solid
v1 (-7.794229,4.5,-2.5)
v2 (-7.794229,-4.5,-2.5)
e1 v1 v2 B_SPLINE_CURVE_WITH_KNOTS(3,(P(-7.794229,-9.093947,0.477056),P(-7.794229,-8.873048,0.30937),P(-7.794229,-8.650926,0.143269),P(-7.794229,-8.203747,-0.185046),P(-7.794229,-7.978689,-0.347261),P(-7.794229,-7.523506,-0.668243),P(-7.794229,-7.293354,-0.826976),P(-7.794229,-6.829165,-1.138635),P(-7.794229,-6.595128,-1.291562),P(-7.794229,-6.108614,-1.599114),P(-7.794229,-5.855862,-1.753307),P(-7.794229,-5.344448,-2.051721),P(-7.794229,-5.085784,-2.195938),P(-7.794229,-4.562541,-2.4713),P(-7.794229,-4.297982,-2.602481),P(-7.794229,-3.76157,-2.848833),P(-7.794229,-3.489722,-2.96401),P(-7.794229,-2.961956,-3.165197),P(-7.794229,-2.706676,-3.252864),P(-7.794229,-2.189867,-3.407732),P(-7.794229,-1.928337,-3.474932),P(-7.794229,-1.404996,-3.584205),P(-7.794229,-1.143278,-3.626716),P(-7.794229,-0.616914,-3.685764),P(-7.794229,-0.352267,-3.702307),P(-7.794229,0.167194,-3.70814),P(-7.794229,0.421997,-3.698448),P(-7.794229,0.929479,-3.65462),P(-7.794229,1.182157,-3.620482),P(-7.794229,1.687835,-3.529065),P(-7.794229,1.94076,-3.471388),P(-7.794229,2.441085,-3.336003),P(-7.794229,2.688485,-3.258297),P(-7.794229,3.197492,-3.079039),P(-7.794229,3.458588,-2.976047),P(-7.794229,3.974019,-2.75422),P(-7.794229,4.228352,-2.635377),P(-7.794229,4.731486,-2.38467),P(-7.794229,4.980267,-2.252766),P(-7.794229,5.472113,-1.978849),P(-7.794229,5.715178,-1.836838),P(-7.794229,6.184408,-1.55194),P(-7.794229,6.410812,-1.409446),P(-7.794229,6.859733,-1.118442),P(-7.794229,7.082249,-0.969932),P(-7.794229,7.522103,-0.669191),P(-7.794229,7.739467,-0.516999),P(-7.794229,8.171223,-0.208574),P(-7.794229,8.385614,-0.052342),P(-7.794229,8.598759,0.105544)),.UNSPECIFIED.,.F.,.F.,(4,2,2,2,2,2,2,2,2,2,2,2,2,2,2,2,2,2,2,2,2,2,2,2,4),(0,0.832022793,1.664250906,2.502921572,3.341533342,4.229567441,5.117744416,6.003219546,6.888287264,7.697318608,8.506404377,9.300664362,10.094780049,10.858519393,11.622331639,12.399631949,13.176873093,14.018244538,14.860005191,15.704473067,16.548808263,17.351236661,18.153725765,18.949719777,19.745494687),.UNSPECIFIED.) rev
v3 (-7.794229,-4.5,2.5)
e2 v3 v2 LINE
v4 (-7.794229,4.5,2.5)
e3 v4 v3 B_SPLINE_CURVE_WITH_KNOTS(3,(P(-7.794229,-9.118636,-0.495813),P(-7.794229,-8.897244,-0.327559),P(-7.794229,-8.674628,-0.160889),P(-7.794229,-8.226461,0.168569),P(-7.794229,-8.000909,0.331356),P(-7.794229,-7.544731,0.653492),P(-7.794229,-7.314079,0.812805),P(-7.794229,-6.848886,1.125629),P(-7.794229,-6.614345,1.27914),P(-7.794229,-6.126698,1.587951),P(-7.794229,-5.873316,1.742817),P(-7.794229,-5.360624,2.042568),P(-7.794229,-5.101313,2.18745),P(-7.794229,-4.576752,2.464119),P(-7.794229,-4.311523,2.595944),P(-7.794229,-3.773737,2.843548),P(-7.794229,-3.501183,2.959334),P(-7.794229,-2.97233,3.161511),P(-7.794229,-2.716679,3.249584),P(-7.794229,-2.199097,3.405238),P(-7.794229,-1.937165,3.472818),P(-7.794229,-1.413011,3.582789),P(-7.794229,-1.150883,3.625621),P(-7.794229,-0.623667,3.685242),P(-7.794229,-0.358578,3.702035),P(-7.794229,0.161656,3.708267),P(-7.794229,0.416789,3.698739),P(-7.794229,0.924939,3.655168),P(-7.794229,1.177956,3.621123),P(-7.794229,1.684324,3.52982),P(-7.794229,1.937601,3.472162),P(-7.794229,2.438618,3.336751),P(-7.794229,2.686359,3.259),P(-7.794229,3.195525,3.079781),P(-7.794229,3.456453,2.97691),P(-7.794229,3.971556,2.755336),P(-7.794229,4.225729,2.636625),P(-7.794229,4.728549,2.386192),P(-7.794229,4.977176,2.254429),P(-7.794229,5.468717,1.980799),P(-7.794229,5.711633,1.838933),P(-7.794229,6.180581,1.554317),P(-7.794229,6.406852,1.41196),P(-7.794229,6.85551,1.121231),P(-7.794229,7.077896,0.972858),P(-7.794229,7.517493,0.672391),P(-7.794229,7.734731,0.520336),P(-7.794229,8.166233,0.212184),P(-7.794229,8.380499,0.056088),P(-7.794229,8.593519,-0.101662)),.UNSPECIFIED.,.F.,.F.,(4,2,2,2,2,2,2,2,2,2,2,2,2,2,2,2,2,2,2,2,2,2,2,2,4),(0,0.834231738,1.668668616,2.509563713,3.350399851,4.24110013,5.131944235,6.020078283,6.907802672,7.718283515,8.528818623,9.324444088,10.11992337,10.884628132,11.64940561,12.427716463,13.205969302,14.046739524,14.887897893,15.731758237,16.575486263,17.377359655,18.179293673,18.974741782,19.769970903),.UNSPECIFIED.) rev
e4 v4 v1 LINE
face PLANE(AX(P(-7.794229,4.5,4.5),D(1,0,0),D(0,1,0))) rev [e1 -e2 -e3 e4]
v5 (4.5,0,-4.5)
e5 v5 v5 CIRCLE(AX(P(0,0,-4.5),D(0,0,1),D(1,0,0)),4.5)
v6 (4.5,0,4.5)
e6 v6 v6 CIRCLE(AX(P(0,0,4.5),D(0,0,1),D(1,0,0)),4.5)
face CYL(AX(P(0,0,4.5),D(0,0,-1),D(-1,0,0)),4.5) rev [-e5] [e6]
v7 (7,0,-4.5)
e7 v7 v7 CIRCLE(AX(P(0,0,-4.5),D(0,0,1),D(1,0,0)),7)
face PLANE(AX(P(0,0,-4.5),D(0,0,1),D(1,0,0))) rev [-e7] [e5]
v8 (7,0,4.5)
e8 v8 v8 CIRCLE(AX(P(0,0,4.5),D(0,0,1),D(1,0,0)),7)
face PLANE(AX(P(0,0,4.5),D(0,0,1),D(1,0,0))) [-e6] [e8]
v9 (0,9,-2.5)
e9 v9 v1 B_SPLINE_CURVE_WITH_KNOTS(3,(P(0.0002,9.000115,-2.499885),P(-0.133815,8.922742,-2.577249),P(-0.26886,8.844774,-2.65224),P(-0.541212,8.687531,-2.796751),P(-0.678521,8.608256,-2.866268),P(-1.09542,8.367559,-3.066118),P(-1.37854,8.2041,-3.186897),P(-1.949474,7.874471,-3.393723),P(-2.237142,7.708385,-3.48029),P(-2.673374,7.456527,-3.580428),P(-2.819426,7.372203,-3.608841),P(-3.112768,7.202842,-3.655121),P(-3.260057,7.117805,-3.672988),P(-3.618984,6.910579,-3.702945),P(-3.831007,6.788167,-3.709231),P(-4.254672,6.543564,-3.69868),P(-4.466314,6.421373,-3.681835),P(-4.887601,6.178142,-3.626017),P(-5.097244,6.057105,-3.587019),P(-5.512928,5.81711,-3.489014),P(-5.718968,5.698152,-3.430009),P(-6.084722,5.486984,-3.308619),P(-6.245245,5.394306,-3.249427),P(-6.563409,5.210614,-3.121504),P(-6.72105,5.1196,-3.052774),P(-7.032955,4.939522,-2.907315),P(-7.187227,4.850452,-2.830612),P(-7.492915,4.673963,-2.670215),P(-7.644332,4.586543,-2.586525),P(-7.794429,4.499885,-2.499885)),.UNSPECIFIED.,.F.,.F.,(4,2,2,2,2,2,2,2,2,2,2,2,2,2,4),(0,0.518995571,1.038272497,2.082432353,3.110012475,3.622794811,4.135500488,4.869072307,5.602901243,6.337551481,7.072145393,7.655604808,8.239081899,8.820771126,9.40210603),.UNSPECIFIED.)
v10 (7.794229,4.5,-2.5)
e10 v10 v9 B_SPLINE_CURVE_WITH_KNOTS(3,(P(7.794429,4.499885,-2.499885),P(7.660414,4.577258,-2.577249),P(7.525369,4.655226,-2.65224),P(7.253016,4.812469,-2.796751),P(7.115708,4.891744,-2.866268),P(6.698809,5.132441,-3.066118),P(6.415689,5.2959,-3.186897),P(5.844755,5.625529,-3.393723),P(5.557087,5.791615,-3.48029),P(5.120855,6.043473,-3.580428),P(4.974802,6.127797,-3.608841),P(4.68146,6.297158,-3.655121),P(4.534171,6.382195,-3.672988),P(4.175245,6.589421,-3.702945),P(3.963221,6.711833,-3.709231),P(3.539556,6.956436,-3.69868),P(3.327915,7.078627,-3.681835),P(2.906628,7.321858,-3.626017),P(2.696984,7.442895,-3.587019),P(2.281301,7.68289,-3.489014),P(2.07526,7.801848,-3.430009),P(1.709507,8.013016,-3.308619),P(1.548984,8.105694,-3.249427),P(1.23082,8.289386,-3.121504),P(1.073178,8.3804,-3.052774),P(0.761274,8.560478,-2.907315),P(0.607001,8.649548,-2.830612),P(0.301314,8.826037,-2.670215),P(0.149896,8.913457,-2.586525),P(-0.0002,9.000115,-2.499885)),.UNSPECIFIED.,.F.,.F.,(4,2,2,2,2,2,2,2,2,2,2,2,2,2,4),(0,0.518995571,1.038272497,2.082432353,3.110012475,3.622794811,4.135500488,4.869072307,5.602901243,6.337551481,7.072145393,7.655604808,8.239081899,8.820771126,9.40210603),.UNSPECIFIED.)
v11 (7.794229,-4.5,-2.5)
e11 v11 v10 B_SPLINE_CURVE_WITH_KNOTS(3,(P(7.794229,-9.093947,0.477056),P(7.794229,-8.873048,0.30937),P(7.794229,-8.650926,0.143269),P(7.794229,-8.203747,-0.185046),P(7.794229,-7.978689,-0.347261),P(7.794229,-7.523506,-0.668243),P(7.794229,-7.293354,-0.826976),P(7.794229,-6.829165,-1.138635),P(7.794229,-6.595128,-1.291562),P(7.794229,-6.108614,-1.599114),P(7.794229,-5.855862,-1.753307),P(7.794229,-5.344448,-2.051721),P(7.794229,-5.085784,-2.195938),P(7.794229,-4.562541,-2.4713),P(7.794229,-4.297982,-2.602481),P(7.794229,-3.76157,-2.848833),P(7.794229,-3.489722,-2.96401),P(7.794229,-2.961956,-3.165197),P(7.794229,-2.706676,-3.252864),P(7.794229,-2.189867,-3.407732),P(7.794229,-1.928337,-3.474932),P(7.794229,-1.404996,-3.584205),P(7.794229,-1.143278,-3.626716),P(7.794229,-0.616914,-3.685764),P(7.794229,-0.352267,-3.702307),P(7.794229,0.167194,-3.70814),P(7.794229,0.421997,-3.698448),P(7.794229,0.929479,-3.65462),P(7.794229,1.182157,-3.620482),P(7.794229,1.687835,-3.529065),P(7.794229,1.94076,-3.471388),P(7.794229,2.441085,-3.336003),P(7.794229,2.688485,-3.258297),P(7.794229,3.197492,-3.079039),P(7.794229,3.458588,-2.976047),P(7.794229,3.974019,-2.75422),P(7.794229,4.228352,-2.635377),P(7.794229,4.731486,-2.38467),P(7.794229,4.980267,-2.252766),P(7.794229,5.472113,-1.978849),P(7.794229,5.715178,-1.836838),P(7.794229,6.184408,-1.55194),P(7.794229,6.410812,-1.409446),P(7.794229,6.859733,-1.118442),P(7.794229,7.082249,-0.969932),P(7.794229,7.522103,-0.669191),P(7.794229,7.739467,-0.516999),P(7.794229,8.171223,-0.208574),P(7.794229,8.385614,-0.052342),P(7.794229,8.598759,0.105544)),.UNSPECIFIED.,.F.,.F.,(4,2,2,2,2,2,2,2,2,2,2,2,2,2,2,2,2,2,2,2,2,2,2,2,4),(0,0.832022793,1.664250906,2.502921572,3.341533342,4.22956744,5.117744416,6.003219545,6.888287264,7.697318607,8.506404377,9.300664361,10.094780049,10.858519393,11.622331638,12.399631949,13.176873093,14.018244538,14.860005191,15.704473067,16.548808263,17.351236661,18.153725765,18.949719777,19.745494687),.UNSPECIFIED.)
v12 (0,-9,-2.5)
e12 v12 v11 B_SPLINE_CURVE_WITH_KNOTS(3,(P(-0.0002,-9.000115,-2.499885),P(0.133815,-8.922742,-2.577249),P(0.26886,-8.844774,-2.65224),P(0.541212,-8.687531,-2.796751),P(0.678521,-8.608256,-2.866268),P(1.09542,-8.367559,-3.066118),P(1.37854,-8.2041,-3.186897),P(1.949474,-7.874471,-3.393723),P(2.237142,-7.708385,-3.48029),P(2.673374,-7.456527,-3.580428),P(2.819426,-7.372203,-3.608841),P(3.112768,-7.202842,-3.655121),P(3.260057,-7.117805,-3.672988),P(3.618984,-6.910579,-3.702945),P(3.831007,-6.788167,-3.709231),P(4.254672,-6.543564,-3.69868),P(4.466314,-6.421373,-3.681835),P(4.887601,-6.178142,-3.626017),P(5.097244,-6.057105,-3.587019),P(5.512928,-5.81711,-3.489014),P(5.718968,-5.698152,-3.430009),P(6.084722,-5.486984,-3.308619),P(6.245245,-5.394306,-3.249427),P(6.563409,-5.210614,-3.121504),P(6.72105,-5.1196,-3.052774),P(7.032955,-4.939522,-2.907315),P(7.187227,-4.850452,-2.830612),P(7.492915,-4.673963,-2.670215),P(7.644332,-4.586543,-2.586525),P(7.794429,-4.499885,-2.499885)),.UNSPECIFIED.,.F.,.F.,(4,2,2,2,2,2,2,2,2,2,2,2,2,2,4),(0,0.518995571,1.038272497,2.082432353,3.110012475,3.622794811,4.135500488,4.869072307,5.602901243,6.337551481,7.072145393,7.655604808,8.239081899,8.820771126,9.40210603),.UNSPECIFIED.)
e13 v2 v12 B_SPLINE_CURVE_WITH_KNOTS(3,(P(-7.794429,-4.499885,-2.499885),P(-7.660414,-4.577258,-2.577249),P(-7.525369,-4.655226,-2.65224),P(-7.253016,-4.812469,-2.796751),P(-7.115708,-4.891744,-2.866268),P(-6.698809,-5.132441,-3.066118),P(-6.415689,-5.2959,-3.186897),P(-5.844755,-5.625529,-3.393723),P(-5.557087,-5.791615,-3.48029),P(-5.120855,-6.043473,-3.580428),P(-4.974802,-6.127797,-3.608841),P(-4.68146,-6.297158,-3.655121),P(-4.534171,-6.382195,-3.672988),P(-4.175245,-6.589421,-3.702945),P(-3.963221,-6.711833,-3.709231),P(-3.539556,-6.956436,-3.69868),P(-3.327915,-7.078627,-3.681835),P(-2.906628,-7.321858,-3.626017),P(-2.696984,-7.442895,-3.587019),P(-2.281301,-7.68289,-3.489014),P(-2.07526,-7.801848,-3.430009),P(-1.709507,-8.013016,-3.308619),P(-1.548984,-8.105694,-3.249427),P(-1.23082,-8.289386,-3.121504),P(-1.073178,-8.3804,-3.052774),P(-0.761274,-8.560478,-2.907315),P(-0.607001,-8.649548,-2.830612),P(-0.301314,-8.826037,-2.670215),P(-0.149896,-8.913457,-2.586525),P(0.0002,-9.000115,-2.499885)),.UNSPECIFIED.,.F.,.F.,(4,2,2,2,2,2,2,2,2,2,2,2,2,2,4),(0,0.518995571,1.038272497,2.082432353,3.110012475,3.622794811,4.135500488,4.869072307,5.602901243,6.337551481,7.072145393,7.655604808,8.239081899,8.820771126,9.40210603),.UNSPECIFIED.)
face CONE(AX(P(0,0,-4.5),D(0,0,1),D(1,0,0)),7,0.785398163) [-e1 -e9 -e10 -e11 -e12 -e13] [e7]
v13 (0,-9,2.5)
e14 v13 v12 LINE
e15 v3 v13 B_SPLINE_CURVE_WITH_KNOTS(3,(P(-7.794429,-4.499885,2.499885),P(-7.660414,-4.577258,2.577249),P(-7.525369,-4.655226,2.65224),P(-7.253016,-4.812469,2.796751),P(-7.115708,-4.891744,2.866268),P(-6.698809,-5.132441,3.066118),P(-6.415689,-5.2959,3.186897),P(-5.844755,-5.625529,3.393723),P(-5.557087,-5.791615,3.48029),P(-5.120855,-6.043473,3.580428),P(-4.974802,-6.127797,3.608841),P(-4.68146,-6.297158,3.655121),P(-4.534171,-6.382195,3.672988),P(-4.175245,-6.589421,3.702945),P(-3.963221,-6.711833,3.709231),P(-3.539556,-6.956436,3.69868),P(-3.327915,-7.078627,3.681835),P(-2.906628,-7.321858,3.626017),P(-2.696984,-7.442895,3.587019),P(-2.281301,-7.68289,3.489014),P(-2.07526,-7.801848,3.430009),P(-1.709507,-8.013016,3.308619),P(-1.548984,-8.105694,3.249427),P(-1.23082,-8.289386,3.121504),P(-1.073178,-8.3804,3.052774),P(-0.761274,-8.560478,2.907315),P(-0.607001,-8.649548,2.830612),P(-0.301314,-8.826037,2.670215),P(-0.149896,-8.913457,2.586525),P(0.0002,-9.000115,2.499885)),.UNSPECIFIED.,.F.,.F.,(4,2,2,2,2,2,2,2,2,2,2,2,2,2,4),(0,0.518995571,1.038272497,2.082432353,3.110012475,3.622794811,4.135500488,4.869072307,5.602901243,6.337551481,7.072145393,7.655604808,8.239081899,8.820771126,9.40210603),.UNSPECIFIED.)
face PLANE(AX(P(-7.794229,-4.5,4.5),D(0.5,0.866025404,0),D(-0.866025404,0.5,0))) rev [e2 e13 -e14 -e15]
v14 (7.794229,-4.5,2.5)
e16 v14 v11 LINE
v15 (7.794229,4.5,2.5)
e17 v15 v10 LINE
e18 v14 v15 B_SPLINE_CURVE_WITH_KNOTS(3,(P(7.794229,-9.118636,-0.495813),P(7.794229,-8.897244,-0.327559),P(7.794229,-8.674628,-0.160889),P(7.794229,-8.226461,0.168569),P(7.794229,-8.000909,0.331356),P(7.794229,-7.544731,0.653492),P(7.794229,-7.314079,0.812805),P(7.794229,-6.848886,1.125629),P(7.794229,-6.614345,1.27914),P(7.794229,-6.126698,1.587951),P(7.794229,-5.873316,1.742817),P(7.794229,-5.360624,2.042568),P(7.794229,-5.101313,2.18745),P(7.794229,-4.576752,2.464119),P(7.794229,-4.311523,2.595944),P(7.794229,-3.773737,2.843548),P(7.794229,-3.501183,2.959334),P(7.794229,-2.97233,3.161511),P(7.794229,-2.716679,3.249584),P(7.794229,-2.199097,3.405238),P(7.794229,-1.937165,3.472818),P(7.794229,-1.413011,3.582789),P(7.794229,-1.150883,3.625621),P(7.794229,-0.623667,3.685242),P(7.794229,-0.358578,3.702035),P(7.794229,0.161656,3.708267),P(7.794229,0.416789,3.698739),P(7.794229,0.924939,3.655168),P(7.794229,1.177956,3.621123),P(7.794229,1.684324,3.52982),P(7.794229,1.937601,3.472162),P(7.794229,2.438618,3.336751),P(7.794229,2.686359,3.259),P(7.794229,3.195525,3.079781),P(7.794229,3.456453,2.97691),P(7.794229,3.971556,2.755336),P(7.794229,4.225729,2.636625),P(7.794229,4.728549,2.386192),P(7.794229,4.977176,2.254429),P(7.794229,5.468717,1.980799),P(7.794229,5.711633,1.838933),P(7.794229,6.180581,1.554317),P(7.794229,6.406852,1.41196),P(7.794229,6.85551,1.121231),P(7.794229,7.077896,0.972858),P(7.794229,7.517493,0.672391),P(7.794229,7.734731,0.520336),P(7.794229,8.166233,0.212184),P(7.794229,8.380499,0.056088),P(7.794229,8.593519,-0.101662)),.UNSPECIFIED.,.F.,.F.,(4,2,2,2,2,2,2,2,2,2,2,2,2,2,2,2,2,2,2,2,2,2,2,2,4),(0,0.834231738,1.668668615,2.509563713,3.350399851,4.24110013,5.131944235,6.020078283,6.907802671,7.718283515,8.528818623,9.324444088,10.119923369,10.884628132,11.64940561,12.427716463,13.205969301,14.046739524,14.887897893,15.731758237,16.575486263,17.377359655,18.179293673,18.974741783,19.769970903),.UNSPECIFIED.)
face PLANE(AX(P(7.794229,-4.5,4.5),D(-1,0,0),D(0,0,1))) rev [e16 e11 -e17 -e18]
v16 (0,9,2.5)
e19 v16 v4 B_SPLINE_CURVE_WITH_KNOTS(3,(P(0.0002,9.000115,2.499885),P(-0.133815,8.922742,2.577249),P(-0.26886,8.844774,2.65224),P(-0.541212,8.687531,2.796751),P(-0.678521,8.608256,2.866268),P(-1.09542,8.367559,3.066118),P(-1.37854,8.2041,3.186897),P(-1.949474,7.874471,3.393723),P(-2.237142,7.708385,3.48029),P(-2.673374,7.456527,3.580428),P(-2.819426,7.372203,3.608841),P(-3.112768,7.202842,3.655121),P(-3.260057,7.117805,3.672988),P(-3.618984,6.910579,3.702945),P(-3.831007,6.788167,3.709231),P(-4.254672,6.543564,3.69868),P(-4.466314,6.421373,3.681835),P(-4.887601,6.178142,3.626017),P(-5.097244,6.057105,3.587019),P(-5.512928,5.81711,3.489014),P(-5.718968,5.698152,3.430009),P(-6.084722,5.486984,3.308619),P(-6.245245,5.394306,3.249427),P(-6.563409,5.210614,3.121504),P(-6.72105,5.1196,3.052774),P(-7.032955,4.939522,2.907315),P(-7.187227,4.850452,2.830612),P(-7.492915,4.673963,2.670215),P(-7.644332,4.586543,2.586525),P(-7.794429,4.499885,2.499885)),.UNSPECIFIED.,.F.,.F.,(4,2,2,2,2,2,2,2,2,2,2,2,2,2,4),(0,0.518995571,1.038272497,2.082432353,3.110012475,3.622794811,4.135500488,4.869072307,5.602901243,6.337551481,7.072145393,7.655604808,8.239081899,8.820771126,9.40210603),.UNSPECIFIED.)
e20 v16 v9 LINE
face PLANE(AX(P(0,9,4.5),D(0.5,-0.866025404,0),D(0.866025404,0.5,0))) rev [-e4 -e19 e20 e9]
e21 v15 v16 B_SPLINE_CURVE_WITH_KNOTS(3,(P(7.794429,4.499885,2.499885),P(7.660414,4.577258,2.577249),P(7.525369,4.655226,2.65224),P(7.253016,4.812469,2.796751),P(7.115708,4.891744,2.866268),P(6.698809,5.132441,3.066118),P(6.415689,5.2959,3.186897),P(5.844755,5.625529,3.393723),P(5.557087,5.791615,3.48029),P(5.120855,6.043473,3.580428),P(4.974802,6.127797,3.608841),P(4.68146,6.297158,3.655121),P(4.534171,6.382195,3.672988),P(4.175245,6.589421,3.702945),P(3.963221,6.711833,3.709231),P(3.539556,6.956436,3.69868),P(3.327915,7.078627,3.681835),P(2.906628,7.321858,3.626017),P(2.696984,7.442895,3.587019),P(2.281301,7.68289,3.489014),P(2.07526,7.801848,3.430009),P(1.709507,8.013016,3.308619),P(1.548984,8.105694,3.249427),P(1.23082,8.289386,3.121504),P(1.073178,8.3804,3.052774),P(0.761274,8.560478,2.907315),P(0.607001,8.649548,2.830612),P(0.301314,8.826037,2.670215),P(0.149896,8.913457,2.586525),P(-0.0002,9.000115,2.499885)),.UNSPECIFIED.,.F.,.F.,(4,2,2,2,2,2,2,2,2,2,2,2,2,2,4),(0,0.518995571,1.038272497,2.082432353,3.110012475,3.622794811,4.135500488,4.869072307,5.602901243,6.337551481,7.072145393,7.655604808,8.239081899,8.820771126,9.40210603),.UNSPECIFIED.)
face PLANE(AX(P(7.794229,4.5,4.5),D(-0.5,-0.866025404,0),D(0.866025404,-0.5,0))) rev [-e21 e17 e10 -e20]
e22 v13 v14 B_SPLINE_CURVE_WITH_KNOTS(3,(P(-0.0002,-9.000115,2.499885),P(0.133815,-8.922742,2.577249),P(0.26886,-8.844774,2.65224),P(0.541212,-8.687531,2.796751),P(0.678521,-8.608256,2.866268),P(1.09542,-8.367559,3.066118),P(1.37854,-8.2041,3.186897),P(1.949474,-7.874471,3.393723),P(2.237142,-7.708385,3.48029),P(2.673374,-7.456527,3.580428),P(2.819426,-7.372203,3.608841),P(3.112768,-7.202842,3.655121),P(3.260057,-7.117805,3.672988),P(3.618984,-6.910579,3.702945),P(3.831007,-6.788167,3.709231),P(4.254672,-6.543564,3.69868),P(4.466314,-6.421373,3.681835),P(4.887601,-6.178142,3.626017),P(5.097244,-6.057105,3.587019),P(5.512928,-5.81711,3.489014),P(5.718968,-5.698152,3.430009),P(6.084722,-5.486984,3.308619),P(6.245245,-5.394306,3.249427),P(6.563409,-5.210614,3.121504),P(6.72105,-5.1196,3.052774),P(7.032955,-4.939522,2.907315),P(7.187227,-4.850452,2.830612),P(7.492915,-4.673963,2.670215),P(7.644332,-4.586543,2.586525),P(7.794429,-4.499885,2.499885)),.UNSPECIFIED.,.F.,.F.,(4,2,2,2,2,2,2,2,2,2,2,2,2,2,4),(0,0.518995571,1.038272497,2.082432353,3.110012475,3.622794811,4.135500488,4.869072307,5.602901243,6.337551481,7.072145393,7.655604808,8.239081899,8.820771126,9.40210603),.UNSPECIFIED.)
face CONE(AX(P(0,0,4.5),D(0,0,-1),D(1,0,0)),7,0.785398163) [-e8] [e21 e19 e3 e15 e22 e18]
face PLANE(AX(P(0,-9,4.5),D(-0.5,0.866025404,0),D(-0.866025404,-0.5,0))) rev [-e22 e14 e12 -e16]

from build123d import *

# Parameters (mm, degrees)
SKETCH1_R           = 4.5
BOSS_EXTRUDE1_DEPTH = 4.5
SKETCH2_OUTSIDE_W   = 40.68
SKETCH2_OUTSIDE_H   = 43.092
SKETCH2_OUTSIDE_R   = 7
CUT_EXTRUDE1_DEPTH  = 9
CUT_EXTRUDE1_TAPER  = 45


with BuildPart() as part:
    # Sketch1 → Boss-Extrude1 (new body, symmetric)
    with BuildSketch(Plane.XY):
        Polygon((7.794228634, -4.5), (7.794228634, 4.5), (0, 9), (-7.794228634, 4.5), (-7.794228634, -4.5), (0, -9), align=None)
        Circle(SKETCH1_R, mode=Mode.SUBTRACT)
    extrude(amount=BOSS_EXTRUDE1_DEPTH, both=True)

    # Sketch2 outside → Cut-Extrude1 (cut)
    with BuildSketch(Plane.XY.offset(4.5)):
        Rectangle(SKETCH2_OUTSIDE_W, SKETCH2_OUTSIDE_H)
        Circle(SKETCH2_OUTSIDE_R, mode=Mode.SUBTRACT)
    cut_extrude1 = extrude(amount=-CUT_EXTRUDE1_DEPTH, taper=CUT_EXTRUDE1_TAPER, mode=Mode.SUBTRACT)

    # Mirror1: Cut-Extrude1 across plane
    add(cut_extrude1.mirror(Plane.XY), mode=Mode.SUBTRACT)


solid = part.part
